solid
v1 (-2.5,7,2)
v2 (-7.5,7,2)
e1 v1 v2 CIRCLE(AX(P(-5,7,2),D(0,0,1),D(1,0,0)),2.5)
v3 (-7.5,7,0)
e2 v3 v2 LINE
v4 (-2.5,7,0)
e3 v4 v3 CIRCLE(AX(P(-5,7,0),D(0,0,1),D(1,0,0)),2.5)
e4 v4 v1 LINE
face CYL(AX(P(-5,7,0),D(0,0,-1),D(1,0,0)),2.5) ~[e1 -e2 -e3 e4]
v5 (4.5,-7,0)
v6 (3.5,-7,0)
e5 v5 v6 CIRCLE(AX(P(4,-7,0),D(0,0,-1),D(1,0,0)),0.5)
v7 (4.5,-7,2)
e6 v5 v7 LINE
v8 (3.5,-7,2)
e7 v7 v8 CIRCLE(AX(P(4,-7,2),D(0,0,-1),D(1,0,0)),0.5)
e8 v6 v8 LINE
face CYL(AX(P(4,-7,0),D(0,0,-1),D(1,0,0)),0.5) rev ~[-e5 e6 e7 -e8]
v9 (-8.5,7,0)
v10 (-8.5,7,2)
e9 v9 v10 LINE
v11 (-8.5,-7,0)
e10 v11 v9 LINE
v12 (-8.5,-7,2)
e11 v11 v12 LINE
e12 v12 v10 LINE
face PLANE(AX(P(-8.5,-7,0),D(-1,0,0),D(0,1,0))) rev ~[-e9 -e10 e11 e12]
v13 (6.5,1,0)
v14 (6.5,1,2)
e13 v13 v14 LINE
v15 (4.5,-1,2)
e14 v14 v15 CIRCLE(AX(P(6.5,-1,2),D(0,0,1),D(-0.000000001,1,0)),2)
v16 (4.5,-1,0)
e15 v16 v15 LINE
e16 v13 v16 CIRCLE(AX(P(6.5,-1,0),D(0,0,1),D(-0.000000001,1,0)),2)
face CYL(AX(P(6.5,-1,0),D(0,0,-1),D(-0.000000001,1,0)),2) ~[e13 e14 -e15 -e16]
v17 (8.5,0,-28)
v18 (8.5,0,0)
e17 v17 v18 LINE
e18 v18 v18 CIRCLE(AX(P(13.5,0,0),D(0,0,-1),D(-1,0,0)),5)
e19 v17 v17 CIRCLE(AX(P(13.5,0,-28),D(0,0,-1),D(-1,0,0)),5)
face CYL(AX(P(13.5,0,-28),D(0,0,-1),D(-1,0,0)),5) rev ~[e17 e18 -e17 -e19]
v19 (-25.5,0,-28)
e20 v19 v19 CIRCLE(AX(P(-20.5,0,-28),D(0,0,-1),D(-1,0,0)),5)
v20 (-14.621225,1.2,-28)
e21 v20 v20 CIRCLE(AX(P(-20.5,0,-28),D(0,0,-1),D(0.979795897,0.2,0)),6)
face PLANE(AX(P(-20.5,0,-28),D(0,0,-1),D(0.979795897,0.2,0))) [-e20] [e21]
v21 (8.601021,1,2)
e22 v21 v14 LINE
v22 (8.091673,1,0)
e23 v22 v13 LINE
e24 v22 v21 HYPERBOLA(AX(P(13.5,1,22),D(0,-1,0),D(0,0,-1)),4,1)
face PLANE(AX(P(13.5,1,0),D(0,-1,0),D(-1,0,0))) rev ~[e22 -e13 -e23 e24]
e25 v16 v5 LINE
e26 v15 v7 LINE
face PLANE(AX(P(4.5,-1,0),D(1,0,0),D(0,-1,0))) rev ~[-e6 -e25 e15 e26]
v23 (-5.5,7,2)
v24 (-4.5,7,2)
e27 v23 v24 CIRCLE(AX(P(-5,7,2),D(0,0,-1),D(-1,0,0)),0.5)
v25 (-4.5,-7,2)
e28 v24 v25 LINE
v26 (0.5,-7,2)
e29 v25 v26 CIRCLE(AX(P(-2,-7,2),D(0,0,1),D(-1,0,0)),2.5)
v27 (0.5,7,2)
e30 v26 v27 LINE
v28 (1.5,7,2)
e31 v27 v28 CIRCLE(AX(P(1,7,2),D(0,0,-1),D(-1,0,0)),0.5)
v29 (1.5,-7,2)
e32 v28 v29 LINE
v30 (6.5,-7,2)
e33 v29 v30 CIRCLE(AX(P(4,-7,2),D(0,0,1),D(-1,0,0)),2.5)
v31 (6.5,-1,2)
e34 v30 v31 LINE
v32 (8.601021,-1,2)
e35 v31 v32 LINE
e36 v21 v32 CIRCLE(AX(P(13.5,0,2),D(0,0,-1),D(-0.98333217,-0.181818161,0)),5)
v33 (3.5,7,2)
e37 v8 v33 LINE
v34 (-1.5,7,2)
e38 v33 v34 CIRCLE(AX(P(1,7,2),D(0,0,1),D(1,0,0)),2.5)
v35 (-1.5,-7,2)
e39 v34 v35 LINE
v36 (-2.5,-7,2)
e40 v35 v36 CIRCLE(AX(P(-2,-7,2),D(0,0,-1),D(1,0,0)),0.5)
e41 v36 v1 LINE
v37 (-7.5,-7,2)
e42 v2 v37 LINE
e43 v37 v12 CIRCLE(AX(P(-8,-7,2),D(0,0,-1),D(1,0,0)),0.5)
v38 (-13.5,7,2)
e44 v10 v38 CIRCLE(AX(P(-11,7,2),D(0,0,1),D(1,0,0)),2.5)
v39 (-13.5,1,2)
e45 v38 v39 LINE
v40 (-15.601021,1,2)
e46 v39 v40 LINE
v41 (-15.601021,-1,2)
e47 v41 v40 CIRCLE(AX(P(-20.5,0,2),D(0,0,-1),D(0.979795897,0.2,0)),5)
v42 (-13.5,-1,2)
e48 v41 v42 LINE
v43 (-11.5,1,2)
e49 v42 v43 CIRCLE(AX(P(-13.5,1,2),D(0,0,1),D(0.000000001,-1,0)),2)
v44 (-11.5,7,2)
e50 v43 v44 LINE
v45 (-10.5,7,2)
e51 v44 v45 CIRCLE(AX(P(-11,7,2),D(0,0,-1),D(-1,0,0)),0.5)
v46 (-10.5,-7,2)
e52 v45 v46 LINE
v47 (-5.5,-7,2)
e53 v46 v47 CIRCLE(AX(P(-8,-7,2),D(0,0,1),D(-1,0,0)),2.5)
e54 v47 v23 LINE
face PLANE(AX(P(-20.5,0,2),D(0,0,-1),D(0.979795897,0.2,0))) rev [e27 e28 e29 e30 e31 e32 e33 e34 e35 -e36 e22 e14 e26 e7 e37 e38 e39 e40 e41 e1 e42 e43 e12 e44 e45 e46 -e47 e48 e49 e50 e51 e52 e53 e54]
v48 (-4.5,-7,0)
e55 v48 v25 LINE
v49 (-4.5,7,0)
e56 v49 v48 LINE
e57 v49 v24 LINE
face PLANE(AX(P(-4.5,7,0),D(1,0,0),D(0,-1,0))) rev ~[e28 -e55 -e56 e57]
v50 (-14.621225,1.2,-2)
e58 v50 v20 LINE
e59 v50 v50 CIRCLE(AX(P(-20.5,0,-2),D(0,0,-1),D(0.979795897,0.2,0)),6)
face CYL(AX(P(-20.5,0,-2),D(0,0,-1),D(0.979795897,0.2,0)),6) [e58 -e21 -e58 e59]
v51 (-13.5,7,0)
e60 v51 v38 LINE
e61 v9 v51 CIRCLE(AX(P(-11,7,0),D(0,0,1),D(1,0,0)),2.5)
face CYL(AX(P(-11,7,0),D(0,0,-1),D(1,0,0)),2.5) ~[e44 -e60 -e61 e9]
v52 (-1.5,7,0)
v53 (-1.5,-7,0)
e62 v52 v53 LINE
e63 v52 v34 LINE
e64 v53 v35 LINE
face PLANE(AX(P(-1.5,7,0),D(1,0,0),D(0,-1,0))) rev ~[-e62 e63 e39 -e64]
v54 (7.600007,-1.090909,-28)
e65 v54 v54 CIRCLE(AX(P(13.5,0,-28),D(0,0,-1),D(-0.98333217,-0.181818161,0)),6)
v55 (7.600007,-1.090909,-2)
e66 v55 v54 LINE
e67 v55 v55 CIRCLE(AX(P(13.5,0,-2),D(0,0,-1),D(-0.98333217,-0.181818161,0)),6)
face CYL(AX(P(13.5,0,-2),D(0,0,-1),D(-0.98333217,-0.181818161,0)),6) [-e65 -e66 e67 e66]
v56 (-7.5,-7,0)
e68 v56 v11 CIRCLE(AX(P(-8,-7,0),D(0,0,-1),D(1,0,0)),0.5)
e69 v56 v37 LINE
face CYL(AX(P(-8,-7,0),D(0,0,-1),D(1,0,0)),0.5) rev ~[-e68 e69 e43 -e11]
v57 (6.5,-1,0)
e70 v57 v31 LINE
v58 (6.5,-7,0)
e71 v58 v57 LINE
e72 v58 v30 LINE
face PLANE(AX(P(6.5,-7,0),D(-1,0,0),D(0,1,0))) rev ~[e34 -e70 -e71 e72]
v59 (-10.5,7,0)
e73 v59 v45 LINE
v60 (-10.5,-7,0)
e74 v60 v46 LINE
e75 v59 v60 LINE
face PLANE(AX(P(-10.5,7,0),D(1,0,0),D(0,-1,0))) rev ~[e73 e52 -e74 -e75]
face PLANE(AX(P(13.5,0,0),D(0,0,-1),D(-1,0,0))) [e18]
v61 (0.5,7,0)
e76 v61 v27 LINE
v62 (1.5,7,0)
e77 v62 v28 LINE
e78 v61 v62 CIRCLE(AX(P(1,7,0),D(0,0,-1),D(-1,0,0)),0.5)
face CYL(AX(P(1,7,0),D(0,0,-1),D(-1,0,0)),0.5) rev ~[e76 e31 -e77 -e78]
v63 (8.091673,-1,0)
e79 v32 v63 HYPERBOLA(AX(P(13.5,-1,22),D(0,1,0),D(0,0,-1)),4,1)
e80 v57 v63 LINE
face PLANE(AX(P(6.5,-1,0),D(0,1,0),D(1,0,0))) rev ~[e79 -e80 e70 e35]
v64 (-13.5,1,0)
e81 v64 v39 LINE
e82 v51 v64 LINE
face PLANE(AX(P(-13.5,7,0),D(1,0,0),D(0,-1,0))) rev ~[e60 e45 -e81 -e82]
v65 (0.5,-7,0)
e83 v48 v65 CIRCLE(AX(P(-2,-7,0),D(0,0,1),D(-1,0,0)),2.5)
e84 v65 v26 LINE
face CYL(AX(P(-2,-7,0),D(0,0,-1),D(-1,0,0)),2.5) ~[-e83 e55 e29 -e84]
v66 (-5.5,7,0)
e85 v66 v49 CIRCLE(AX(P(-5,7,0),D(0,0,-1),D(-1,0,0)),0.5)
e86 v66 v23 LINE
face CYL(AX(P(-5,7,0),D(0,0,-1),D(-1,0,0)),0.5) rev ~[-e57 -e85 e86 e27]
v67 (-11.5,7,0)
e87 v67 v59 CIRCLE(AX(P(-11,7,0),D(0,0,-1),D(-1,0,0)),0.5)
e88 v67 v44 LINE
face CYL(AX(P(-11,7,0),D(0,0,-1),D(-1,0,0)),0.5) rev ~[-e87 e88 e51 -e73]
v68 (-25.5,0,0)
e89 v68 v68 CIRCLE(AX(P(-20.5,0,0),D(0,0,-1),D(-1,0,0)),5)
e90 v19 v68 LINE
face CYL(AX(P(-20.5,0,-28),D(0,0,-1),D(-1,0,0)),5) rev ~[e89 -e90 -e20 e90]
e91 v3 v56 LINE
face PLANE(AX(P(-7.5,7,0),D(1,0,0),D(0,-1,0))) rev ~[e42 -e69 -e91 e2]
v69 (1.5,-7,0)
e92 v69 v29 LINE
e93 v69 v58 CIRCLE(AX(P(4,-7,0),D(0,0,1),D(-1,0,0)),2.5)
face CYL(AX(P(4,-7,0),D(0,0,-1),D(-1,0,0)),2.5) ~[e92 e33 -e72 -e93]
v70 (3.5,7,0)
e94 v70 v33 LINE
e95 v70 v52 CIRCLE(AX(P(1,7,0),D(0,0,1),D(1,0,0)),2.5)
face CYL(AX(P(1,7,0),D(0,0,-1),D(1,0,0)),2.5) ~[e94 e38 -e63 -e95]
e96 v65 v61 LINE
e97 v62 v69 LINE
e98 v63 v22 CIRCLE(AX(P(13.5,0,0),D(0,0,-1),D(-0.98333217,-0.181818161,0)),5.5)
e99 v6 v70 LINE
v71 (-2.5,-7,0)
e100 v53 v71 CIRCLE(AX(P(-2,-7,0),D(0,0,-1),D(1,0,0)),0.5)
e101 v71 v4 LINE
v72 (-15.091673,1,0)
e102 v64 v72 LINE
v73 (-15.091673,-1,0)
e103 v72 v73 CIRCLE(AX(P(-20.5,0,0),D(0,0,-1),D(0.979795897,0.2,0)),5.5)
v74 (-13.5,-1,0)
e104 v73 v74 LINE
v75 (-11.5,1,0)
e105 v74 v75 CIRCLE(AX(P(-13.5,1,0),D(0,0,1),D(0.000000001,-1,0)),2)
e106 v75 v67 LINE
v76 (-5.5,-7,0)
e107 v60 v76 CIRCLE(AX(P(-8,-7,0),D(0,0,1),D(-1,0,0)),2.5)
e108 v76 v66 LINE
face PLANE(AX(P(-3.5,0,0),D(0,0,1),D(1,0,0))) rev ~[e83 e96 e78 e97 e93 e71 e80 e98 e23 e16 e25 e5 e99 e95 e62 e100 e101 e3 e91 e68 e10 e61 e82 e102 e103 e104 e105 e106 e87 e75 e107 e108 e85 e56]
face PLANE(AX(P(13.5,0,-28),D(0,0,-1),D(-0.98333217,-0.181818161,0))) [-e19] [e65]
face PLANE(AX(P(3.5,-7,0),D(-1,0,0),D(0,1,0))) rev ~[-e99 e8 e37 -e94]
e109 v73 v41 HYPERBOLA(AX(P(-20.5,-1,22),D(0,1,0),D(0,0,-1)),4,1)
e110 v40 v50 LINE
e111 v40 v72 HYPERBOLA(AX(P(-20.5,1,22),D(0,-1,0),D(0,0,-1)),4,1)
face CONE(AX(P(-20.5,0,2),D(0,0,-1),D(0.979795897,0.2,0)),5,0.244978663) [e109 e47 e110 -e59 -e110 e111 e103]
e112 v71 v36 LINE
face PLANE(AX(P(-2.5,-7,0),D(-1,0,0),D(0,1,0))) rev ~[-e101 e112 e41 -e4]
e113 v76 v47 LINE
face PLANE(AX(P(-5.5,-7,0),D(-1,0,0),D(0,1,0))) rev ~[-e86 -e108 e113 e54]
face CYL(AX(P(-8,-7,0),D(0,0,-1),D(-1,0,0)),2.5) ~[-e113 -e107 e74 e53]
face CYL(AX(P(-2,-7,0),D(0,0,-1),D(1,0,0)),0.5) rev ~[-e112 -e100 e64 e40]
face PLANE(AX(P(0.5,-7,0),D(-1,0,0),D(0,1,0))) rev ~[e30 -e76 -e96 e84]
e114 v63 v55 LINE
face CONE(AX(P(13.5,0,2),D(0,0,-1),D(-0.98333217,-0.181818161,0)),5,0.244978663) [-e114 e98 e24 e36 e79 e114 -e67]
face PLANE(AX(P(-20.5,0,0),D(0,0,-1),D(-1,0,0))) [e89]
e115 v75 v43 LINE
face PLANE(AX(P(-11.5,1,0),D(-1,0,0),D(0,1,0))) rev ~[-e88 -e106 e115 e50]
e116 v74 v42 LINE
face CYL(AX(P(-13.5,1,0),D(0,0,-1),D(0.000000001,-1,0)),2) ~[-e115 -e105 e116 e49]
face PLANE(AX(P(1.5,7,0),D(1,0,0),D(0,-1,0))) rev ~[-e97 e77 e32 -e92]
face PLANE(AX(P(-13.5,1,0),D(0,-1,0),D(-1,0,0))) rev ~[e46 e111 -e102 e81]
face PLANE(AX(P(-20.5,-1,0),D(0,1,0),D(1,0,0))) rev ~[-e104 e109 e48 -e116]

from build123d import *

# Parameters (mm, degrees)
BOSS_EXTRUDE1_DEPTH = 2
SKETCH5_R           = 5
CUT_EXTRUDE1_DEPTH  = 28


with BuildPart() as part:
    # Sketch2 → Boss-Extrude1 (new body)
    with BuildSketch(Plane.XY):
        with BuildLine():
            Line((-20.5, -1), (-13.5, -1))
            ThreePointArc((-13.5, -1), (-12.085786438, -0.414213562), (-11.5, 1))
            Line((-11.5, 1), (-11.5, 7))
            ThreePointArc((-11.5, 7), (-11, 7.5), (-10.5, 7))
            Line((-10.5, 7), (-10.5, 0))
            Line((-10.5, 0), (-10.5, -7))
            ThreePointArc((-10.5, -7), (-8, -9.5), (-5.5, -7))
            Line((-5.5, -7), (-5.5, 0))
            Line((-5.5, 0), (-5.5, 7))
            ThreePointArc((-5.5, 7), (-5, 7.5), (-4.5, 7))
            Line((-4.5, 7), (-4.5, 0))
            Line((-4.5, 0), (-4.5, -7))
            ThreePointArc((-4.5, -7), (-2, -9.5), (0.5, -7))
            Line((0.5, -7), (0.5, 0))
            Line((0.5, 0), (0.5, 7))
            ThreePointArc((0.5, 7), (1, 7.5), (1.5, 7))
            Line((1.5, 7), (1.5, 0))
            Line((1.5, 0), (1.5, -7))
            ThreePointArc((1.5, -7), (4, -9.5), (6.5, -7))
            Line((6.5, -7), (6.5, -1))
            Line((6.5, -1), (13.5, -1))
            ThreePointArc((13.5, -1), (14.5, 0), (13.5, 1))
            Line((13.5, 1), (6.5, 1))
            ThreePointArc((6.5, 1), (5.085786438, 0.414213562), (4.5, -1))
            Line((4.5, -1), (4.5, -7))
            ThreePointArc((4.5, -7), (4, -7.5), (3.5, -7))
            Line((3.5, -7), (3.5, 0))
            Line((3.5, 0), (3.5, 7))
            ThreePointArc((3.5, 7), (1, 9.5), (-1.5, 7))
            Line((-1.5, 7), (-1.5, 0))
            Line((-1.5, 0), (-1.5, -7))
            ThreePointArc((-1.5, -7), (-2, -7.5), (-2.5, -7))
            Line((-2.5, -7), (-2.5, 0))
            Line((-2.5, 0), (-2.5, 7))
            ThreePointArc((-2.5, 7), (-5, 9.5), (-7.5, 7))
            Line((-7.5, 7), (-7.5, 0))
            Line((-7.5, 0), (-7.5, -7))
            ThreePointArc((-7.5, -7), (-8, -7.5), (-8.5, -7))
            Line((-8.5, -7), (-8.5, 0))
            Line((-8.5, 0), (-8.5, 7))
            ThreePointArc((-8.5, 7), (-11, 9.5), (-13.5, 7))
            Line((-13.5, 7), (-13.5, 1))
            Line((-13.5, 1), (-20.5, 1))
            ThreePointArc((-20.5, 1), (-21.5, 0), (-20.5, -1))
        make_face()
    extrude(amount=BOSS_EXTRUDE1_DEPTH)

    # Sketch3 → Revolve1 (revolve)
    with BuildSketch(Plane(origin=(0, 0, 0), x_dir=(1, 0, 0), z_dir=(0, 1, 0)), mode=Mode.PRIVATE) as revolve1_sk:
        Polygon((-20.5, -2), (-25.5, -2), (-26.5, 2), (-26.5, 28), (-20.5, 28), align=None)
    revolve(revolve1_sk.sketch.rotate(Axis((-20.5, 0, 2), (0, 0, -1)), 168.463040967), axis=Axis((-20.5, 0, 2), (0, 0, -1)))

    # Sketch4 → Revolve2 (revolve)
    with BuildSketch(Plane(origin=(0, 0, 0), x_dir=(1, 0, 0), z_dir=(0, 1, 0)), mode=Mode.PRIVATE) as revolve2_sk:
        Polygon((13.5, -2), (18.5, -2), (19.5, 2), (19.5, 28), (13.5, 28), align=None)
    revolve(revolve2_sk.sketch.rotate(Axis((13.5, 0, 2), (0, 0, -1)), 169.524319524), axis=Axis((13.5, 0, 2), (0, 0, -1)))

    # Sketch5 → Cut-Extrude1 (cut)
    with BuildSketch(Plane(origin=(0, 0, -28), x_dir=(-1, 0, 0), z_dir=(0, 0, -1))):
        with Locations((-13.5, 0)):
            Circle(SKETCH5_R)
        with Locations((20.5, 0)):
            Circle(SKETCH5_R)
    extrude(amount=-CUT_EXTRUDE1_DEPTH, mode=Mode.SUBTRACT)


solid = part.part
